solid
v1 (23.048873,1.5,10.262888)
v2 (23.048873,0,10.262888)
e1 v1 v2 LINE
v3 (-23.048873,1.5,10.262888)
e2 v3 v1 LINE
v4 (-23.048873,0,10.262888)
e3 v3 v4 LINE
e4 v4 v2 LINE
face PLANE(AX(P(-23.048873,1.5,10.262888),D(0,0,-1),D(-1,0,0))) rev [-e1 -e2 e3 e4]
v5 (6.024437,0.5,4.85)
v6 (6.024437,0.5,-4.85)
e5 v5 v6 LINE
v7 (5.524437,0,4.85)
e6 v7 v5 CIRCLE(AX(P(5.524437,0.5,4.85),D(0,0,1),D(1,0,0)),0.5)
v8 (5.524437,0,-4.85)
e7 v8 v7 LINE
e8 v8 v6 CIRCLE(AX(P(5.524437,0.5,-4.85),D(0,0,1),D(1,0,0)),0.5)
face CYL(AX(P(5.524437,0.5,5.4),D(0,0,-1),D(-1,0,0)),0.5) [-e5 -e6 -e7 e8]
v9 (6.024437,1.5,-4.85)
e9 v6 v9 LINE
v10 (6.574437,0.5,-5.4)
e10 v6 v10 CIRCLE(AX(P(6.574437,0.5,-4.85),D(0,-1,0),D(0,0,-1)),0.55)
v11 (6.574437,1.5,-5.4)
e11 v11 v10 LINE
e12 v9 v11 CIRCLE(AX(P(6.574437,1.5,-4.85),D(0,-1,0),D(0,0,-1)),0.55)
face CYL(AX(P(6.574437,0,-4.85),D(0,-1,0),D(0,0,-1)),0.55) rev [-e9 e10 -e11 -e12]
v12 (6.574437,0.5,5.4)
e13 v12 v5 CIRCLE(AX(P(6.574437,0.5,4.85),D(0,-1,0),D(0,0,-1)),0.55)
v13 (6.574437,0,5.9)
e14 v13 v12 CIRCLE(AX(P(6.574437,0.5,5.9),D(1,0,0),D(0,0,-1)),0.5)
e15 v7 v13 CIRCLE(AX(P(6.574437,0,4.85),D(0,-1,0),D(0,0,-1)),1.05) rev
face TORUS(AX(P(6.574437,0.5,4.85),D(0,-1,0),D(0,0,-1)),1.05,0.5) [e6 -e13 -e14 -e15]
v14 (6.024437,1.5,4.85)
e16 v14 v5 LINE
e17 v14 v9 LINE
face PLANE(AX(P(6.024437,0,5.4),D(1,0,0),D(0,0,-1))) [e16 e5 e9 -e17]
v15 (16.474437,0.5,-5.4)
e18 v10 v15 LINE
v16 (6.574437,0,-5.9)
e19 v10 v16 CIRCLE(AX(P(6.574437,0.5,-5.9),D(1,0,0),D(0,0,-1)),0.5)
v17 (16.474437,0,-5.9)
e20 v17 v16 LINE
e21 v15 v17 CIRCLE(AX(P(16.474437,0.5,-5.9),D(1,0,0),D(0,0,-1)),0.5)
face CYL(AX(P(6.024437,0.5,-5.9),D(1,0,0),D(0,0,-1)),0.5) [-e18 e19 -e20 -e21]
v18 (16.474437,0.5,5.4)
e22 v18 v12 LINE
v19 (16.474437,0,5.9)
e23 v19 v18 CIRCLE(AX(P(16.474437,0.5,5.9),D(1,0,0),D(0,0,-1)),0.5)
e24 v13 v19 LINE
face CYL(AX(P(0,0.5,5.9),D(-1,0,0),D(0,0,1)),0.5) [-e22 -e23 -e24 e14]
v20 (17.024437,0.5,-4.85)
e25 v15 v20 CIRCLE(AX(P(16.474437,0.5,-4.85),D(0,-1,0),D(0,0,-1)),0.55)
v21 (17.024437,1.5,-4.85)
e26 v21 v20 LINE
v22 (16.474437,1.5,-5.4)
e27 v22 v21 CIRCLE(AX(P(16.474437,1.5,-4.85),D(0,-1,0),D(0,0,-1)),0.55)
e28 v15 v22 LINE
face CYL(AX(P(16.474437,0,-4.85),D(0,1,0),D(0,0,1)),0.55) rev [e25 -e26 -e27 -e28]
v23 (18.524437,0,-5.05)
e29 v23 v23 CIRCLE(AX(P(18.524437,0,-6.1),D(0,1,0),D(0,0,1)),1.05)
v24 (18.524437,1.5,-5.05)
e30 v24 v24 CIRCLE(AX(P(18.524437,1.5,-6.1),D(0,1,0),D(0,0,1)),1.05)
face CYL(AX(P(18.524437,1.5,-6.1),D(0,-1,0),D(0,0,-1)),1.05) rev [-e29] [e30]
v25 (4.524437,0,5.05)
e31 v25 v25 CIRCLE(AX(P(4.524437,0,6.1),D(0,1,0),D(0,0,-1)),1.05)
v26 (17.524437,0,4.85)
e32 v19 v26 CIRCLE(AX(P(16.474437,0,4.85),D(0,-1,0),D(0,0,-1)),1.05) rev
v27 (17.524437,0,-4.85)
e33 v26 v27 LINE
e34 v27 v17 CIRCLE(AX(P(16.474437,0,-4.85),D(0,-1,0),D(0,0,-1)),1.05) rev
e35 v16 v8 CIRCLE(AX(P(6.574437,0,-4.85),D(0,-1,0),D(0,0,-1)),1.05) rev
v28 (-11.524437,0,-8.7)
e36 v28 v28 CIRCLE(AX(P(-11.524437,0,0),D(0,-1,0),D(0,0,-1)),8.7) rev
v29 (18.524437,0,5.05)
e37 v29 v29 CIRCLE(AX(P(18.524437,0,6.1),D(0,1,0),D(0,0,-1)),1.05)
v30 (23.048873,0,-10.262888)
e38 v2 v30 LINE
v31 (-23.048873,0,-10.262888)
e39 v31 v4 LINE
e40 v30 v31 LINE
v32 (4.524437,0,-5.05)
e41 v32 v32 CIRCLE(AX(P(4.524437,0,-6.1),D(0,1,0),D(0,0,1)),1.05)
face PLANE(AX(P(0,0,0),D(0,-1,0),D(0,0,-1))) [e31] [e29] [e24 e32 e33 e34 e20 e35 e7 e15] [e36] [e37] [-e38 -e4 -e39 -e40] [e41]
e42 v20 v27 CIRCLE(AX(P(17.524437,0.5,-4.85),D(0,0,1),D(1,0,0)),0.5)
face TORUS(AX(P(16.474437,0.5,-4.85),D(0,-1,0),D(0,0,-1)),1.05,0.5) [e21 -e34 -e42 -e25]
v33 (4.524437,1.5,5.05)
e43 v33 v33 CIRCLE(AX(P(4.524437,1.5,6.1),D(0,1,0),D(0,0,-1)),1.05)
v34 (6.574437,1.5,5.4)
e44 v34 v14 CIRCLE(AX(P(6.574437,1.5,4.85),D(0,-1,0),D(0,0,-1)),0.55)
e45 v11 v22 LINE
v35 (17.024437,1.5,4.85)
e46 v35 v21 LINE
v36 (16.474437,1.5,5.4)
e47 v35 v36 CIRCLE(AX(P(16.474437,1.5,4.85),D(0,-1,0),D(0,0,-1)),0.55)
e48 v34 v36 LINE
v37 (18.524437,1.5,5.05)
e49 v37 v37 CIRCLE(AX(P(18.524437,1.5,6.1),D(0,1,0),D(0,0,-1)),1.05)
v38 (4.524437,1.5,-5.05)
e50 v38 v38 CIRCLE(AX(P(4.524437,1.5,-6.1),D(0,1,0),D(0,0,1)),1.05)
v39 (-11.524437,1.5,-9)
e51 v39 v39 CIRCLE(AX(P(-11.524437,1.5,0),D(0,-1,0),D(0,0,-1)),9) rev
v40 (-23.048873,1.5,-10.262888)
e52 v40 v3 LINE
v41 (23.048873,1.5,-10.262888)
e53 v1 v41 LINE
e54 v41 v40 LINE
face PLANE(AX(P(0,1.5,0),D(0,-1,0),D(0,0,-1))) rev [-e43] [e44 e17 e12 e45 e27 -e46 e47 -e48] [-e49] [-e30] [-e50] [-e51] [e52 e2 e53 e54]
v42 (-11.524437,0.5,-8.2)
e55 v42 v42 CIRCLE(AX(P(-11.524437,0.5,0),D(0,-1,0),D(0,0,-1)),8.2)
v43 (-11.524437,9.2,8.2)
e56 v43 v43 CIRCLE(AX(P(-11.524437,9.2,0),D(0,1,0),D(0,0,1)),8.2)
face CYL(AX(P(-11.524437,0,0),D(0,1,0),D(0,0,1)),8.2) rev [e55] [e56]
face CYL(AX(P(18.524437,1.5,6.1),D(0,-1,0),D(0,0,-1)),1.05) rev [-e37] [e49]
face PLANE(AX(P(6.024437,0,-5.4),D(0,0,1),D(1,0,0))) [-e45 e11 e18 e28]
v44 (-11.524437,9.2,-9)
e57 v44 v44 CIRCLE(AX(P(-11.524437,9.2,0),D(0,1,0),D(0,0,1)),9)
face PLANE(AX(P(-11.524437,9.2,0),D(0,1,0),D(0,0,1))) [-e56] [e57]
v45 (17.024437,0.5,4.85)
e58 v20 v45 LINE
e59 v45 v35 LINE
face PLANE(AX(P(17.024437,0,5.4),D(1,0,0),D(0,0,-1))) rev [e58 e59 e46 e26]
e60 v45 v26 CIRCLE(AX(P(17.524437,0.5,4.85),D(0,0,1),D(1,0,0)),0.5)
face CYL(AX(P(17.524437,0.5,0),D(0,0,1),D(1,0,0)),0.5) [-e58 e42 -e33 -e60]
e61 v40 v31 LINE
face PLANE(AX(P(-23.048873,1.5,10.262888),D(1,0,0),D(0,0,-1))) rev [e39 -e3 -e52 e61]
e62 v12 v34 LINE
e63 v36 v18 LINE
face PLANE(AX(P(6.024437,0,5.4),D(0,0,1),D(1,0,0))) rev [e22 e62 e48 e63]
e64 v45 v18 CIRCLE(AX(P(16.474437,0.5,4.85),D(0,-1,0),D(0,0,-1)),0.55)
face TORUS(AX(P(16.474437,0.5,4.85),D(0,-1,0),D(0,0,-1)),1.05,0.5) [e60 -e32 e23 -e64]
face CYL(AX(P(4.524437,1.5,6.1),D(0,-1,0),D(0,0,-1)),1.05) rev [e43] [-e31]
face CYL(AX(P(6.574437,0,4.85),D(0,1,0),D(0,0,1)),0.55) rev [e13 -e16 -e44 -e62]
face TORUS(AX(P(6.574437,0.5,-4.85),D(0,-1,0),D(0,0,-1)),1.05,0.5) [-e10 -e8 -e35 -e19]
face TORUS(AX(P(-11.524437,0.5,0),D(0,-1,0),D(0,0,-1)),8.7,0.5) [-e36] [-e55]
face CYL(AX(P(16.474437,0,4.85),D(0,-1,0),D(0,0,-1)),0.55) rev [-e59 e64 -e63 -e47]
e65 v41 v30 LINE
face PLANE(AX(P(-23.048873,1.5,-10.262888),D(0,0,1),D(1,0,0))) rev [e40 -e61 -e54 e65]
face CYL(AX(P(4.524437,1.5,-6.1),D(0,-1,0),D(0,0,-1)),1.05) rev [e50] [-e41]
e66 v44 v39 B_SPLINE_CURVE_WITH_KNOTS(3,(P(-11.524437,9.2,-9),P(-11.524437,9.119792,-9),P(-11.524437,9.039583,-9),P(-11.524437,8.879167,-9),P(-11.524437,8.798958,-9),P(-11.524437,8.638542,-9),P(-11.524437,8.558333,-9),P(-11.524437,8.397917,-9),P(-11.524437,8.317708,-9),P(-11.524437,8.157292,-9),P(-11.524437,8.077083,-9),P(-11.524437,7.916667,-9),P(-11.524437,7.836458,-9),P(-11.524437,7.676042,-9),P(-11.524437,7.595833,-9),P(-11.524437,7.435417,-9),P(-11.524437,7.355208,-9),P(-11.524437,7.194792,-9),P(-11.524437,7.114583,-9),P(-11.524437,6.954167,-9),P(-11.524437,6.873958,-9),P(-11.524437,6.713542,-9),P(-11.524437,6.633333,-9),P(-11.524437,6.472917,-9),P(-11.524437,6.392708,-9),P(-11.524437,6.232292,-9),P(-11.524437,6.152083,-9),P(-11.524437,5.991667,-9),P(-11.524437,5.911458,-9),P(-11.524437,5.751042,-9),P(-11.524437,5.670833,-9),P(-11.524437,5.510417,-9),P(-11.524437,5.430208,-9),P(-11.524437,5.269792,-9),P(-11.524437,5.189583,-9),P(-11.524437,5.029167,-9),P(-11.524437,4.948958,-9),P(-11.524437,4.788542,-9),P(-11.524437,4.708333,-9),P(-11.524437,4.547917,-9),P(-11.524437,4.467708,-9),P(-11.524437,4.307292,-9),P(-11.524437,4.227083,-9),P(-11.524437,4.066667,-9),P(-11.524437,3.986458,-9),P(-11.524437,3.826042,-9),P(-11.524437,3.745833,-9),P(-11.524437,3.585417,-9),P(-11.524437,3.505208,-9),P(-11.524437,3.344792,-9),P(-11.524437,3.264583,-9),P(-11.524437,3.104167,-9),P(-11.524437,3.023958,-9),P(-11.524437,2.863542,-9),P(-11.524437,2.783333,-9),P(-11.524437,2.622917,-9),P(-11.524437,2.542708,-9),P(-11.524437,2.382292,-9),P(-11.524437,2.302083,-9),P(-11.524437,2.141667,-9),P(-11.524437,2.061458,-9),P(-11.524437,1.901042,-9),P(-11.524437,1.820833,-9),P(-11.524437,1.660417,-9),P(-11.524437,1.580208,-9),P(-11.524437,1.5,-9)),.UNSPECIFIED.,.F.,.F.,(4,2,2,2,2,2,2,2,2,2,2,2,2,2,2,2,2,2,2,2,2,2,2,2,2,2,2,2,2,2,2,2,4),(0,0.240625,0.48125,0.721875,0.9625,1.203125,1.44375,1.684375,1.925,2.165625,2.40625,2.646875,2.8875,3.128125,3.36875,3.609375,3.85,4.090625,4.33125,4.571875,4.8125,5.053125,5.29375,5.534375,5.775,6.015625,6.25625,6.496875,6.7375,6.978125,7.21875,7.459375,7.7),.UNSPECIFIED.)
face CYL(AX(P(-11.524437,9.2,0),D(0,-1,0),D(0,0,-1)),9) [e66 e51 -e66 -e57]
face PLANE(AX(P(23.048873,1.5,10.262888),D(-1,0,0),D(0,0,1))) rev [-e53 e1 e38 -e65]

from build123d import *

# Parameters (mm, degrees)
CROQUIS1_W              = 46.097746062
CROQUIS1_H              = 20.525775368
CROQUIS1_R              = 1.05
SALIENTE_EXTRUIR1_DEPTH = 1.5
CROQUIS4_W              = 11
CROQUIS4_H              = 10.8
CORTAR_EXTRUIR1_DEPTH   = 1.5
REDONDEO1_R             = 0.55
CROQUIS7_R              = 9
SALIENTE_EXTRUIR3_DEPTH = 7.7
CROQUIS8_R              = 8.2
CORTAR_EXTRUIR3_DEPTH   = 27.855491275
REDONDEO2_R             = 0.5
REDONDEO3_R             = 0.5


with BuildPart() as part:
    # Croquis1 → Saliente-Extruir1 (new body)
    with BuildSketch(Plane(origin=(0, 0, 0), x_dir=(1, 0, 0), z_dir=(0, 1, 0))):
        Rectangle(CROQUIS1_W, CROQUIS1_H)
        with Locations(Location((4.524436516, 6.1, 0), (0, 0, 270))):
            Circle(CROQUIS1_R, mode=Mode.SUBTRACT)
        with Locations(Location((18.524436516, 6.1, 0), (0, 0, 270))):
            Circle(CROQUIS1_R, mode=Mode.SUBTRACT)
        with Locations(Location((18.524436516, -6.1, 0), (0, 0, 90))):
            Circle(CROQUIS1_R, mode=Mode.SUBTRACT)
        with Locations(Location((4.524436516, -6.1, 0), (0, 0, 90))):
            Circle(CROQUIS1_R, mode=Mode.SUBTRACT)
    extrude(amount=SALIENTE_EXTRUIR1_DEPTH)

    # Croquis4 → Cortar-Extruir1 (cut)
    with BuildSketch(Plane(origin=(0, 1.5, 0), x_dir=(1, 0, 0), z_dir=(0, 1, 0))):
        with Locations((11.524436516, 0)):
            Rectangle(CROQUIS4_W, CROQUIS4_H)
    extrude(amount=-CORTAR_EXTRUIR1_DEPTH, mode=Mode.SUBTRACT)

    # Redondeo1
    redondeo1_edges = [part.edges().sort_by_distance(p)[0] for p in [
        (6.024436516, 0.75, -5.4),
        (17.024436516, 0.75, -5.4),
        (17.024436516, 0.75, 5.4),
        (6.024436516, 0.75, 5.4),
    ]]
    fillet(redondeo1_edges, radius=REDONDEO1_R)

    # Croquis7 → Saliente-Extruir3 (add)
    with BuildSketch(Plane(origin=(0, 1.5, 0), x_dir=(1, 0, 0), z_dir=(0, 1, 0))):
        with Locations(Location((-11.524436516, 0, 0), (0, 0, 90))):
            Circle(CROQUIS7_R)
    extrude(amount=SALIENTE_EXTRUIR3_DEPTH)

    # Croquis8 → Cortar-Extruir3 (cut, through all)
    with BuildSketch(Plane(origin=(0, 9.2, 0), x_dir=(1, 0, 0), z_dir=(0, 1, 0))):
        with Locations(Location((-11.524436516, 0, 0), (0, 0, 270))):
            Circle(CROQUIS8_R)
    extrude(amount=-CORTAR_EXTRUIR3_DEPTH, mode=Mode.SUBTRACT)

    # Redondeo2
    redondeo2_edges = [part.edges().sort_by_distance(p)[0] for p in [
        (17.024436516, 0, 0),
        (11.524436516, 0, 5.4),
        (6.024436516, 0, 0),
        (11.524436516, 0, -5.4),
        (16.863345245, 0, 5.23890873),
        (6.185527786, 0, 5.23890873),
        (16.863345245, 0, -5.23890873),
        (6.185527786, 0, -5.23890873),
    ]]
    fillet(redondeo2_edges, radius=REDONDEO2_R)

    # Redondeo3
    redondeo3_edges = [part.edges().sort_by_distance(p)[0] for p in [
        (-11.524436516, 0, -8.2),
    ]]
    fillet(redondeo3_edges, radius=REDONDEO3_R)


solid = part.part
